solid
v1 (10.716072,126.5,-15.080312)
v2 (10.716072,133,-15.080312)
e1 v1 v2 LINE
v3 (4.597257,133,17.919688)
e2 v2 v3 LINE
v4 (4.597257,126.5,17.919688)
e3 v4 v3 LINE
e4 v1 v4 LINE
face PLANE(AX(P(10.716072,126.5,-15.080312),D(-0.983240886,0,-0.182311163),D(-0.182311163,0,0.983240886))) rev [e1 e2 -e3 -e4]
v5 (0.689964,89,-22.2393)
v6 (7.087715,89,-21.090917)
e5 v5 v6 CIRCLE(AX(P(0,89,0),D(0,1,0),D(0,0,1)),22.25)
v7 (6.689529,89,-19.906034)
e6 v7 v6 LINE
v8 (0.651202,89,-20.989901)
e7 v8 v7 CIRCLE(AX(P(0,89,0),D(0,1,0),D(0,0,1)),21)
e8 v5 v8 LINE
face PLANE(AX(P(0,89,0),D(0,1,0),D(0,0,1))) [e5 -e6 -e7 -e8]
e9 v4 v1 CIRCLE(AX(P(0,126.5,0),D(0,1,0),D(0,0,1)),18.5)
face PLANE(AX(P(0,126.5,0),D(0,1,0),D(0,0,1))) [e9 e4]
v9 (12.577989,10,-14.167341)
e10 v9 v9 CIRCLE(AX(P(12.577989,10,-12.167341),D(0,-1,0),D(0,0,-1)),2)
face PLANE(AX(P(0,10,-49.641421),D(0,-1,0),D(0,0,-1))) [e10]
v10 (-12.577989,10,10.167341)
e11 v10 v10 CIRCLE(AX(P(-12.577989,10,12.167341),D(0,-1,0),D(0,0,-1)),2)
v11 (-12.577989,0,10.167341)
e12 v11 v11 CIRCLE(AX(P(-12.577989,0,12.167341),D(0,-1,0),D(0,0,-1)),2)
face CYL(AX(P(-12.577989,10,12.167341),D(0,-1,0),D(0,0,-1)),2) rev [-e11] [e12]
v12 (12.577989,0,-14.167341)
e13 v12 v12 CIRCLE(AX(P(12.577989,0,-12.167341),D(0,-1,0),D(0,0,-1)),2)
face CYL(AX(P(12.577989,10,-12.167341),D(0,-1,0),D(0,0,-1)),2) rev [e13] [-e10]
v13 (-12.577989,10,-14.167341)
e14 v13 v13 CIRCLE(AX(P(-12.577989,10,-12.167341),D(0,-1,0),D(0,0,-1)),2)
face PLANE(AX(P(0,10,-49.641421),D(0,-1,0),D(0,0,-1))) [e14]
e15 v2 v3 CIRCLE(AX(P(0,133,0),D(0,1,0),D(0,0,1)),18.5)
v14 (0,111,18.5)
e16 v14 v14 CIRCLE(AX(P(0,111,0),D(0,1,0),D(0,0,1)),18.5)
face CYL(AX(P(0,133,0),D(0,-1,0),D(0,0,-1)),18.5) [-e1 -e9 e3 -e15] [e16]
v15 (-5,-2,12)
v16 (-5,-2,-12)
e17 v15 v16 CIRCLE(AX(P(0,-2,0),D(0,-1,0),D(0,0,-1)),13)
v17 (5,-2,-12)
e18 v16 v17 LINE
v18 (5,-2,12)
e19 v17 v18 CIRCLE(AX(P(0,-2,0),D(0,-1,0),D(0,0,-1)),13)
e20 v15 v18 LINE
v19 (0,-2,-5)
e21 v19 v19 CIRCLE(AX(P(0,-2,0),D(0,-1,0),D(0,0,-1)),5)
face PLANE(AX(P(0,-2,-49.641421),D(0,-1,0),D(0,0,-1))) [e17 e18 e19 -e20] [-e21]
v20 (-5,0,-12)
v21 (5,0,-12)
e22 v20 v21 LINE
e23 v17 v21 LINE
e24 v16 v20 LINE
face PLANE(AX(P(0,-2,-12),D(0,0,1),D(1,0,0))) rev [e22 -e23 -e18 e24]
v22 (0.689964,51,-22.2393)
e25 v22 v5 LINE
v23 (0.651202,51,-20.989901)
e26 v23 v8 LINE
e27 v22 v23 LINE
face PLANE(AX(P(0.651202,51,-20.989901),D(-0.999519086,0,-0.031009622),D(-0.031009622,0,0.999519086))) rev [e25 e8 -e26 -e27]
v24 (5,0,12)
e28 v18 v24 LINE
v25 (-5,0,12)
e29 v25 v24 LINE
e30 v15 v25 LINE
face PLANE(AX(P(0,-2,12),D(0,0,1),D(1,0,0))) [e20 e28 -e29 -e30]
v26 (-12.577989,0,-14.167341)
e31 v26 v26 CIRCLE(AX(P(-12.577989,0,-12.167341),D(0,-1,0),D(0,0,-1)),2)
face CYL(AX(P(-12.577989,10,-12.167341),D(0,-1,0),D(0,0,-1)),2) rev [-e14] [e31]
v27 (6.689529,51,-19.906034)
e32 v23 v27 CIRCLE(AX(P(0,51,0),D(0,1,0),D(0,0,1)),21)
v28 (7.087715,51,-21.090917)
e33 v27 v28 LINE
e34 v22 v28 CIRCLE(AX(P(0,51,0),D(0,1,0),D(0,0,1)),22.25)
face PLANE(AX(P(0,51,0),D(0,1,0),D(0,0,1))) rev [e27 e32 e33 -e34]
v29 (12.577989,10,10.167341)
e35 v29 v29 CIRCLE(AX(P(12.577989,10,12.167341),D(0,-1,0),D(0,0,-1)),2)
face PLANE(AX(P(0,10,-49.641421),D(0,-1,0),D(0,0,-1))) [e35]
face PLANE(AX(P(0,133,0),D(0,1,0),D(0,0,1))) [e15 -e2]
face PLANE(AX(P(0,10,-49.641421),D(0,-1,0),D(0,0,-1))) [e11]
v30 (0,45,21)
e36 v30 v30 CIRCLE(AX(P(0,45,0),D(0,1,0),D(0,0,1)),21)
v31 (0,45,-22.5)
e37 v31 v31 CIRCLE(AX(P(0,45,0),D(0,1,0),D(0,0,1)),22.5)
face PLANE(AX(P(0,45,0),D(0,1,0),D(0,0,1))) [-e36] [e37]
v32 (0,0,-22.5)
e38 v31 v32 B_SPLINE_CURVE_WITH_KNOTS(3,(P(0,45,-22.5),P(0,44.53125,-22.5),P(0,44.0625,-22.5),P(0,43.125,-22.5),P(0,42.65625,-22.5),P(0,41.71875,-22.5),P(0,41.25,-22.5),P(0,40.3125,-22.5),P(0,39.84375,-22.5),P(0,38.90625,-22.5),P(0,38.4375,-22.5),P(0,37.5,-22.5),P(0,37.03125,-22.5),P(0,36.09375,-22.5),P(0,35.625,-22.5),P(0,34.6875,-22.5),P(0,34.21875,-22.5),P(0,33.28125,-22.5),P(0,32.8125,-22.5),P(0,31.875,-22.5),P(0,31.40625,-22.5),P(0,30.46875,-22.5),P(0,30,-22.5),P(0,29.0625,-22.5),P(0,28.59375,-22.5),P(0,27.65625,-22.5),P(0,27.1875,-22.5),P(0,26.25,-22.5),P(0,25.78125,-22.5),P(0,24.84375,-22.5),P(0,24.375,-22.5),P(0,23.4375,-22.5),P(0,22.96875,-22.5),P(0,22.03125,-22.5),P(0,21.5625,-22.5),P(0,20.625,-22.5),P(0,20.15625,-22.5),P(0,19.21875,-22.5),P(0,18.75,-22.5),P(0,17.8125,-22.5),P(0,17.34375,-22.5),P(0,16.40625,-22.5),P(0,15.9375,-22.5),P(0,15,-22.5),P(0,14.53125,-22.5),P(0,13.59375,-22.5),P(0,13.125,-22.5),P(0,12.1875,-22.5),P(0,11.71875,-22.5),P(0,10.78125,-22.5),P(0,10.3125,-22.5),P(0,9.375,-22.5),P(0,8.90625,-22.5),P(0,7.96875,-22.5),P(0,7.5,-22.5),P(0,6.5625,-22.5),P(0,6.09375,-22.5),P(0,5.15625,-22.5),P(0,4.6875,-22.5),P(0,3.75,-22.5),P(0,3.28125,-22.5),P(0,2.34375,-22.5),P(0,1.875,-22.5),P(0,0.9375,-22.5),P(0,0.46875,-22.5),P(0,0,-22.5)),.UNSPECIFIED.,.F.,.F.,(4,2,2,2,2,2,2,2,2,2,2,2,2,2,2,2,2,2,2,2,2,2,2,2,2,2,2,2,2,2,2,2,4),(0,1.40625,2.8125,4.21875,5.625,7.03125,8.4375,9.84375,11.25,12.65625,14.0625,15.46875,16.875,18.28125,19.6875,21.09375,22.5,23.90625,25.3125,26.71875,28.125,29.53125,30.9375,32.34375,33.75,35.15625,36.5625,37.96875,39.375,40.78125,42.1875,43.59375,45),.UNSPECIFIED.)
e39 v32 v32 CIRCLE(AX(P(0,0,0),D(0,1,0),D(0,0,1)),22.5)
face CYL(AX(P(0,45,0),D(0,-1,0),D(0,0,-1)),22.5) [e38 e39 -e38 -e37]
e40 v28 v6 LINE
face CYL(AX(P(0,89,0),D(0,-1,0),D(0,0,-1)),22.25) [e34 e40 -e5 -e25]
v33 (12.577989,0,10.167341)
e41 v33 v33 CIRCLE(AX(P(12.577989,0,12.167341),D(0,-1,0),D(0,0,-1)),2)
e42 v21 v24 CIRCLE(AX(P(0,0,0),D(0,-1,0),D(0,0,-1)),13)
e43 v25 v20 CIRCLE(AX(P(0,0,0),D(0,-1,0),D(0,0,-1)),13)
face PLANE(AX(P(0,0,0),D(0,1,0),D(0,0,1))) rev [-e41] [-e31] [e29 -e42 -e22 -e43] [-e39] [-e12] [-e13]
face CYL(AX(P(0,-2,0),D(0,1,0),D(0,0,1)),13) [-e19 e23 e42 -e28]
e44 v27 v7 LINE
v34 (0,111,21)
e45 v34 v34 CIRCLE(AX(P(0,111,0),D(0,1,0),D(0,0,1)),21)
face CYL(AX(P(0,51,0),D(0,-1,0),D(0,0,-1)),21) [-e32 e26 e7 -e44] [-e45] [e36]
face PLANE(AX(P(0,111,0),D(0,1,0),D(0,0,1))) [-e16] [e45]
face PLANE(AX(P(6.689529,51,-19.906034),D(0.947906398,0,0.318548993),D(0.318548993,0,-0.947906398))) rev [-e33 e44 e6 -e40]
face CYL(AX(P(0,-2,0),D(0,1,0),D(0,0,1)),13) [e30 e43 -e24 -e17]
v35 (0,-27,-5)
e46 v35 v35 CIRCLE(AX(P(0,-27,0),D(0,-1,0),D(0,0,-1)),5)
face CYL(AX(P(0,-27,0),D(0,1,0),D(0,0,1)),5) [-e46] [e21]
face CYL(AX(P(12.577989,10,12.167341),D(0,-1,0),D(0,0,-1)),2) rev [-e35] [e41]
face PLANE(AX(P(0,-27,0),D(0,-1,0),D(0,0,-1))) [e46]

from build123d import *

# Parameters (mm, degrees)
SKETCH5_R            = 22.5
BOSS_EXTRUDE4_DEPTH  = 45
SKETCH6_R            = 21
BOSS_EXTRUDE5_DEPTH  = 6
SKETCH7_R            = 22.25
BOSS_EXTRUDE6_DEPTH  = 38
SKETCH8_R            = 21
BOSS_EXTRUDE7_DEPTH  = 22
SKETCH9_R            = 18.5
BOSS_EXTRUDE9_DEPTH  = 22
CUT_EXTRUDE1_START   = -6.5
CUT_EXTRUDE1_DEPTH   = 6.5
CUT_EXTRUDE3_START   = -38
CUT_EXTRUDE3_DEPTH   = 38
BOSS_EXTRUDE11_DEPTH = 2
SKETCH19_R           = 5
BOSS_EXTRUDE12_DEPTH = 25
CUT_EXTRUDE4_DEPTH   = 10


with BuildPart() as part:
    # Sketch5 → Boss-Extrude4 (new body)
    with BuildSketch(Plane(origin=(0, 0, 0), x_dir=(1, 0, 0), z_dir=(0, 1, 0))):
        with Locations(Location((0, 0, 0), (0, 0, 90))):
            Circle(SKETCH5_R)
    extrude(amount=BOSS_EXTRUDE4_DEPTH)

    # Sketch6 → Boss-Extrude5 (add)
    with BuildSketch(Plane(origin=(0, 45, 0), x_dir=(-1, 0, 0), z_dir=(0, 1, 0))):
        with Locations(Location((0, 0, 0), (0, 0, 90))):
            Circle(SKETCH6_R)
    extrude(amount=BOSS_EXTRUDE5_DEPTH)

    # Sketch7 → Boss-Extrude6 (add)
    with BuildSketch(Plane(origin=(0, 51, 0), x_dir=(-1, 0, 0), z_dir=(0, 1, 0))):
        with Locations(Location((0, 0, 0), (0, 0, 90))):
            Circle(SKETCH7_R)
    extrude(amount=BOSS_EXTRUDE6_DEPTH)

    # Sketch8 → Boss-Extrude7 (add)
    with BuildSketch(Plane(origin=(0, 89, 0), x_dir=(-1, 0, 0), z_dir=(0, 1, 0))):
        with Locations(Location((0, 0, 0), (0, 0, 90))):
            Circle(SKETCH8_R)
    extrude(amount=BOSS_EXTRUDE7_DEPTH)

    # Sketch9 → Boss-Extrude9 (add)
    with BuildSketch(Plane(origin=(0, 111, 0), x_dir=(-1, 0, 0), z_dir=(0, 1, 0))):
        with Locations(Location((0, 0, 0), (0, 0, 90))):
            Circle(SKETCH9_R)
    extrude(amount=BOSS_EXTRUDE9_DEPTH)

    # Sketch10 → Cut-Extrude1 (cut)
    with BuildSketch(Plane(origin=(0, 133, 0), x_dir=(-1, 0, 0), z_dir=(0, 1, 0)).offset(CUT_EXTRUDE1_START)):
        with BuildLine():
            Line((-10.71607179, -15.080311847), (-4.597257497, 17.919688153))
            ThreePointArc((-4.597257497, 17.919688153), (-18.18995639, 3.372756519), (-10.71607179, -15.080311847))
        make_face()
    extrude(amount=CUT_EXTRUDE1_DEPTH, mode=Mode.SUBTRACT)

    # Sketch16 → Cut-Extrude3 (cut)
    with BuildSketch(Plane(origin=(0, 89, 0), x_dir=(1, 0, 0), z_dir=(0, 1, 0)).offset(CUT_EXTRUDE3_START)):
        with BuildLine():
            Line((0.651202062, 20.989900807), (0.68996409, 22.239299664))
            ThreePointArc((0.68996409, 22.239299664), (3.931001005, 21.899993861), (7.087715105, 21.090917348))
            Line((7.087715105, 21.090917348), (6.689528863, 19.906034351))
            ThreePointArc((6.689528863, 19.906034351), (3.710158252, 20.669657127), (0.651202062, 20.989900807))
        make_face()
    extrude(amount=CUT_EXTRUDE3_DEPTH, mode=Mode.SUBTRACT)

    # Sketch17 → Boss-Extrude11 (add)
    with BuildSketch(Plane.XZ):
        with BuildLine():
            ThreePointArc((-5, 12), (-13, 0), (-5, -12))
            Line((-5, -12), (5, -12))
            ThreePointArc((5, -12), (10.816653826, -7.211102551), (13, 0))
            ThreePointArc((13, 0), (10.816653826, 7.211102551), (5, 12))
            Line((5, 12), (-5, 12))
        make_face()
    extrude(amount=BOSS_EXTRUDE11_DEPTH)

    # Sketch19 → Boss-Extrude12 (add)
    with BuildSketch(Plane.XZ.offset(2)):
        with Locations(Location((0, 0, 0), (0, 0, 270))):
            Circle(SKETCH19_R)
    extrude(amount=BOSS_EXTRUDE12_DEPTH)

    # Sketch20 → Cut-Extrude4 (cut)
    with BuildSketch(Plane.XZ):
        with BuildLine():
            ThreePointArc((-10.577989001, 12.167341234), (-13.992202563, 13.581554796), (-12.577989001, 10.167341234))
            Line((-12.577989001, 10.167341234), (-12.577989001, 12.167341234))
            Line((-12.577989001, 12.167341234), (-10.577989001, 12.167341234))
        make_face()
        with BuildLine():
            Line((-12.577989001, 12.167341234), (-12.577989001, 10.167341234))
            ThreePointArc((-12.577989001, 10.167341234), (-11.163775438, 10.753127672), (-10.577989001, 12.167341234))
            Line((-10.577989001, 12.167341234), (-12.577989001, 12.167341234))
        make_face()
        with BuildLine():
            Line((-12.577989001, -10.167341234), (-12.577989001, -12.167341234))
            Line((-12.577989001, -12.167341234), (-10.577989001, -12.167341234))
            ThreePointArc((-10.577989001, -12.167341234), (-11.163775438, -10.753127672), (-12.577989001, -10.167341234))
        make_face()
        with BuildLine():
            Line((-10.577989001, -12.167341234), (-12.577989001, -12.167341234))
            Line((-12.577989001, -12.167341234), (-12.577989001, -10.167341234))
            ThreePointArc((-12.577989001, -10.167341234), (-13.992202563, -13.581554796), (-10.577989001, -12.167341234))
        make_face()
        with BuildLine():
            ThreePointArc((12.577989001, -10.167341234), (11.163775438, -10.753127672), (10.577989001, -12.167341234))
            Line((10.577989001, -12.167341234), (12.577989001, -12.167341234))
            Line((12.577989001, -12.167341234), (12.577989001, -10.167341234))
        make_face()
        with BuildLine():
            Line((12.577989001, -12.167341234), (10.577989001, -12.167341234))
            ThreePointArc((10.577989001, -12.167341234), (12.577989001, -14.167341234), (14.577989001, -12.167341234))
            ThreePointArc((14.577989001, -12.167341234), (13.992202563, -10.753127672), (12.577989001, -10.167341234))
            Line((12.577989001, -10.167341234), (12.577989001, -12.167341234))
        make_face()
        with BuildLine():
            ThreePointArc((10.577989001, 12.167341234), (11.163775438, 10.753127672), (12.577989001, 10.167341234))
            Line((12.577989001, 10.167341234), (12.577989001, 12.167341234))
            Line((12.577989001, 12.167341234), (10.577989001, 12.167341234))
        make_face()
        with BuildLine():
            Line((12.577989001, 12.167341234), (12.577989001, 10.167341234))
            ThreePointArc((12.577989001, 10.167341234), (13.992202563, 10.753127672), (14.577989001, 12.167341234))
            ThreePointArc((14.577989001, 12.167341234), (12.577989001, 14.167341234), (10.577989001, 12.167341234))
            Line((10.577989001, 12.167341234), (12.577989001, 12.167341234))
        make_face()
    extrude(amount=-CUT_EXTRUDE4_DEPTH, mode=Mode.SUBTRACT)


solid = part.part
